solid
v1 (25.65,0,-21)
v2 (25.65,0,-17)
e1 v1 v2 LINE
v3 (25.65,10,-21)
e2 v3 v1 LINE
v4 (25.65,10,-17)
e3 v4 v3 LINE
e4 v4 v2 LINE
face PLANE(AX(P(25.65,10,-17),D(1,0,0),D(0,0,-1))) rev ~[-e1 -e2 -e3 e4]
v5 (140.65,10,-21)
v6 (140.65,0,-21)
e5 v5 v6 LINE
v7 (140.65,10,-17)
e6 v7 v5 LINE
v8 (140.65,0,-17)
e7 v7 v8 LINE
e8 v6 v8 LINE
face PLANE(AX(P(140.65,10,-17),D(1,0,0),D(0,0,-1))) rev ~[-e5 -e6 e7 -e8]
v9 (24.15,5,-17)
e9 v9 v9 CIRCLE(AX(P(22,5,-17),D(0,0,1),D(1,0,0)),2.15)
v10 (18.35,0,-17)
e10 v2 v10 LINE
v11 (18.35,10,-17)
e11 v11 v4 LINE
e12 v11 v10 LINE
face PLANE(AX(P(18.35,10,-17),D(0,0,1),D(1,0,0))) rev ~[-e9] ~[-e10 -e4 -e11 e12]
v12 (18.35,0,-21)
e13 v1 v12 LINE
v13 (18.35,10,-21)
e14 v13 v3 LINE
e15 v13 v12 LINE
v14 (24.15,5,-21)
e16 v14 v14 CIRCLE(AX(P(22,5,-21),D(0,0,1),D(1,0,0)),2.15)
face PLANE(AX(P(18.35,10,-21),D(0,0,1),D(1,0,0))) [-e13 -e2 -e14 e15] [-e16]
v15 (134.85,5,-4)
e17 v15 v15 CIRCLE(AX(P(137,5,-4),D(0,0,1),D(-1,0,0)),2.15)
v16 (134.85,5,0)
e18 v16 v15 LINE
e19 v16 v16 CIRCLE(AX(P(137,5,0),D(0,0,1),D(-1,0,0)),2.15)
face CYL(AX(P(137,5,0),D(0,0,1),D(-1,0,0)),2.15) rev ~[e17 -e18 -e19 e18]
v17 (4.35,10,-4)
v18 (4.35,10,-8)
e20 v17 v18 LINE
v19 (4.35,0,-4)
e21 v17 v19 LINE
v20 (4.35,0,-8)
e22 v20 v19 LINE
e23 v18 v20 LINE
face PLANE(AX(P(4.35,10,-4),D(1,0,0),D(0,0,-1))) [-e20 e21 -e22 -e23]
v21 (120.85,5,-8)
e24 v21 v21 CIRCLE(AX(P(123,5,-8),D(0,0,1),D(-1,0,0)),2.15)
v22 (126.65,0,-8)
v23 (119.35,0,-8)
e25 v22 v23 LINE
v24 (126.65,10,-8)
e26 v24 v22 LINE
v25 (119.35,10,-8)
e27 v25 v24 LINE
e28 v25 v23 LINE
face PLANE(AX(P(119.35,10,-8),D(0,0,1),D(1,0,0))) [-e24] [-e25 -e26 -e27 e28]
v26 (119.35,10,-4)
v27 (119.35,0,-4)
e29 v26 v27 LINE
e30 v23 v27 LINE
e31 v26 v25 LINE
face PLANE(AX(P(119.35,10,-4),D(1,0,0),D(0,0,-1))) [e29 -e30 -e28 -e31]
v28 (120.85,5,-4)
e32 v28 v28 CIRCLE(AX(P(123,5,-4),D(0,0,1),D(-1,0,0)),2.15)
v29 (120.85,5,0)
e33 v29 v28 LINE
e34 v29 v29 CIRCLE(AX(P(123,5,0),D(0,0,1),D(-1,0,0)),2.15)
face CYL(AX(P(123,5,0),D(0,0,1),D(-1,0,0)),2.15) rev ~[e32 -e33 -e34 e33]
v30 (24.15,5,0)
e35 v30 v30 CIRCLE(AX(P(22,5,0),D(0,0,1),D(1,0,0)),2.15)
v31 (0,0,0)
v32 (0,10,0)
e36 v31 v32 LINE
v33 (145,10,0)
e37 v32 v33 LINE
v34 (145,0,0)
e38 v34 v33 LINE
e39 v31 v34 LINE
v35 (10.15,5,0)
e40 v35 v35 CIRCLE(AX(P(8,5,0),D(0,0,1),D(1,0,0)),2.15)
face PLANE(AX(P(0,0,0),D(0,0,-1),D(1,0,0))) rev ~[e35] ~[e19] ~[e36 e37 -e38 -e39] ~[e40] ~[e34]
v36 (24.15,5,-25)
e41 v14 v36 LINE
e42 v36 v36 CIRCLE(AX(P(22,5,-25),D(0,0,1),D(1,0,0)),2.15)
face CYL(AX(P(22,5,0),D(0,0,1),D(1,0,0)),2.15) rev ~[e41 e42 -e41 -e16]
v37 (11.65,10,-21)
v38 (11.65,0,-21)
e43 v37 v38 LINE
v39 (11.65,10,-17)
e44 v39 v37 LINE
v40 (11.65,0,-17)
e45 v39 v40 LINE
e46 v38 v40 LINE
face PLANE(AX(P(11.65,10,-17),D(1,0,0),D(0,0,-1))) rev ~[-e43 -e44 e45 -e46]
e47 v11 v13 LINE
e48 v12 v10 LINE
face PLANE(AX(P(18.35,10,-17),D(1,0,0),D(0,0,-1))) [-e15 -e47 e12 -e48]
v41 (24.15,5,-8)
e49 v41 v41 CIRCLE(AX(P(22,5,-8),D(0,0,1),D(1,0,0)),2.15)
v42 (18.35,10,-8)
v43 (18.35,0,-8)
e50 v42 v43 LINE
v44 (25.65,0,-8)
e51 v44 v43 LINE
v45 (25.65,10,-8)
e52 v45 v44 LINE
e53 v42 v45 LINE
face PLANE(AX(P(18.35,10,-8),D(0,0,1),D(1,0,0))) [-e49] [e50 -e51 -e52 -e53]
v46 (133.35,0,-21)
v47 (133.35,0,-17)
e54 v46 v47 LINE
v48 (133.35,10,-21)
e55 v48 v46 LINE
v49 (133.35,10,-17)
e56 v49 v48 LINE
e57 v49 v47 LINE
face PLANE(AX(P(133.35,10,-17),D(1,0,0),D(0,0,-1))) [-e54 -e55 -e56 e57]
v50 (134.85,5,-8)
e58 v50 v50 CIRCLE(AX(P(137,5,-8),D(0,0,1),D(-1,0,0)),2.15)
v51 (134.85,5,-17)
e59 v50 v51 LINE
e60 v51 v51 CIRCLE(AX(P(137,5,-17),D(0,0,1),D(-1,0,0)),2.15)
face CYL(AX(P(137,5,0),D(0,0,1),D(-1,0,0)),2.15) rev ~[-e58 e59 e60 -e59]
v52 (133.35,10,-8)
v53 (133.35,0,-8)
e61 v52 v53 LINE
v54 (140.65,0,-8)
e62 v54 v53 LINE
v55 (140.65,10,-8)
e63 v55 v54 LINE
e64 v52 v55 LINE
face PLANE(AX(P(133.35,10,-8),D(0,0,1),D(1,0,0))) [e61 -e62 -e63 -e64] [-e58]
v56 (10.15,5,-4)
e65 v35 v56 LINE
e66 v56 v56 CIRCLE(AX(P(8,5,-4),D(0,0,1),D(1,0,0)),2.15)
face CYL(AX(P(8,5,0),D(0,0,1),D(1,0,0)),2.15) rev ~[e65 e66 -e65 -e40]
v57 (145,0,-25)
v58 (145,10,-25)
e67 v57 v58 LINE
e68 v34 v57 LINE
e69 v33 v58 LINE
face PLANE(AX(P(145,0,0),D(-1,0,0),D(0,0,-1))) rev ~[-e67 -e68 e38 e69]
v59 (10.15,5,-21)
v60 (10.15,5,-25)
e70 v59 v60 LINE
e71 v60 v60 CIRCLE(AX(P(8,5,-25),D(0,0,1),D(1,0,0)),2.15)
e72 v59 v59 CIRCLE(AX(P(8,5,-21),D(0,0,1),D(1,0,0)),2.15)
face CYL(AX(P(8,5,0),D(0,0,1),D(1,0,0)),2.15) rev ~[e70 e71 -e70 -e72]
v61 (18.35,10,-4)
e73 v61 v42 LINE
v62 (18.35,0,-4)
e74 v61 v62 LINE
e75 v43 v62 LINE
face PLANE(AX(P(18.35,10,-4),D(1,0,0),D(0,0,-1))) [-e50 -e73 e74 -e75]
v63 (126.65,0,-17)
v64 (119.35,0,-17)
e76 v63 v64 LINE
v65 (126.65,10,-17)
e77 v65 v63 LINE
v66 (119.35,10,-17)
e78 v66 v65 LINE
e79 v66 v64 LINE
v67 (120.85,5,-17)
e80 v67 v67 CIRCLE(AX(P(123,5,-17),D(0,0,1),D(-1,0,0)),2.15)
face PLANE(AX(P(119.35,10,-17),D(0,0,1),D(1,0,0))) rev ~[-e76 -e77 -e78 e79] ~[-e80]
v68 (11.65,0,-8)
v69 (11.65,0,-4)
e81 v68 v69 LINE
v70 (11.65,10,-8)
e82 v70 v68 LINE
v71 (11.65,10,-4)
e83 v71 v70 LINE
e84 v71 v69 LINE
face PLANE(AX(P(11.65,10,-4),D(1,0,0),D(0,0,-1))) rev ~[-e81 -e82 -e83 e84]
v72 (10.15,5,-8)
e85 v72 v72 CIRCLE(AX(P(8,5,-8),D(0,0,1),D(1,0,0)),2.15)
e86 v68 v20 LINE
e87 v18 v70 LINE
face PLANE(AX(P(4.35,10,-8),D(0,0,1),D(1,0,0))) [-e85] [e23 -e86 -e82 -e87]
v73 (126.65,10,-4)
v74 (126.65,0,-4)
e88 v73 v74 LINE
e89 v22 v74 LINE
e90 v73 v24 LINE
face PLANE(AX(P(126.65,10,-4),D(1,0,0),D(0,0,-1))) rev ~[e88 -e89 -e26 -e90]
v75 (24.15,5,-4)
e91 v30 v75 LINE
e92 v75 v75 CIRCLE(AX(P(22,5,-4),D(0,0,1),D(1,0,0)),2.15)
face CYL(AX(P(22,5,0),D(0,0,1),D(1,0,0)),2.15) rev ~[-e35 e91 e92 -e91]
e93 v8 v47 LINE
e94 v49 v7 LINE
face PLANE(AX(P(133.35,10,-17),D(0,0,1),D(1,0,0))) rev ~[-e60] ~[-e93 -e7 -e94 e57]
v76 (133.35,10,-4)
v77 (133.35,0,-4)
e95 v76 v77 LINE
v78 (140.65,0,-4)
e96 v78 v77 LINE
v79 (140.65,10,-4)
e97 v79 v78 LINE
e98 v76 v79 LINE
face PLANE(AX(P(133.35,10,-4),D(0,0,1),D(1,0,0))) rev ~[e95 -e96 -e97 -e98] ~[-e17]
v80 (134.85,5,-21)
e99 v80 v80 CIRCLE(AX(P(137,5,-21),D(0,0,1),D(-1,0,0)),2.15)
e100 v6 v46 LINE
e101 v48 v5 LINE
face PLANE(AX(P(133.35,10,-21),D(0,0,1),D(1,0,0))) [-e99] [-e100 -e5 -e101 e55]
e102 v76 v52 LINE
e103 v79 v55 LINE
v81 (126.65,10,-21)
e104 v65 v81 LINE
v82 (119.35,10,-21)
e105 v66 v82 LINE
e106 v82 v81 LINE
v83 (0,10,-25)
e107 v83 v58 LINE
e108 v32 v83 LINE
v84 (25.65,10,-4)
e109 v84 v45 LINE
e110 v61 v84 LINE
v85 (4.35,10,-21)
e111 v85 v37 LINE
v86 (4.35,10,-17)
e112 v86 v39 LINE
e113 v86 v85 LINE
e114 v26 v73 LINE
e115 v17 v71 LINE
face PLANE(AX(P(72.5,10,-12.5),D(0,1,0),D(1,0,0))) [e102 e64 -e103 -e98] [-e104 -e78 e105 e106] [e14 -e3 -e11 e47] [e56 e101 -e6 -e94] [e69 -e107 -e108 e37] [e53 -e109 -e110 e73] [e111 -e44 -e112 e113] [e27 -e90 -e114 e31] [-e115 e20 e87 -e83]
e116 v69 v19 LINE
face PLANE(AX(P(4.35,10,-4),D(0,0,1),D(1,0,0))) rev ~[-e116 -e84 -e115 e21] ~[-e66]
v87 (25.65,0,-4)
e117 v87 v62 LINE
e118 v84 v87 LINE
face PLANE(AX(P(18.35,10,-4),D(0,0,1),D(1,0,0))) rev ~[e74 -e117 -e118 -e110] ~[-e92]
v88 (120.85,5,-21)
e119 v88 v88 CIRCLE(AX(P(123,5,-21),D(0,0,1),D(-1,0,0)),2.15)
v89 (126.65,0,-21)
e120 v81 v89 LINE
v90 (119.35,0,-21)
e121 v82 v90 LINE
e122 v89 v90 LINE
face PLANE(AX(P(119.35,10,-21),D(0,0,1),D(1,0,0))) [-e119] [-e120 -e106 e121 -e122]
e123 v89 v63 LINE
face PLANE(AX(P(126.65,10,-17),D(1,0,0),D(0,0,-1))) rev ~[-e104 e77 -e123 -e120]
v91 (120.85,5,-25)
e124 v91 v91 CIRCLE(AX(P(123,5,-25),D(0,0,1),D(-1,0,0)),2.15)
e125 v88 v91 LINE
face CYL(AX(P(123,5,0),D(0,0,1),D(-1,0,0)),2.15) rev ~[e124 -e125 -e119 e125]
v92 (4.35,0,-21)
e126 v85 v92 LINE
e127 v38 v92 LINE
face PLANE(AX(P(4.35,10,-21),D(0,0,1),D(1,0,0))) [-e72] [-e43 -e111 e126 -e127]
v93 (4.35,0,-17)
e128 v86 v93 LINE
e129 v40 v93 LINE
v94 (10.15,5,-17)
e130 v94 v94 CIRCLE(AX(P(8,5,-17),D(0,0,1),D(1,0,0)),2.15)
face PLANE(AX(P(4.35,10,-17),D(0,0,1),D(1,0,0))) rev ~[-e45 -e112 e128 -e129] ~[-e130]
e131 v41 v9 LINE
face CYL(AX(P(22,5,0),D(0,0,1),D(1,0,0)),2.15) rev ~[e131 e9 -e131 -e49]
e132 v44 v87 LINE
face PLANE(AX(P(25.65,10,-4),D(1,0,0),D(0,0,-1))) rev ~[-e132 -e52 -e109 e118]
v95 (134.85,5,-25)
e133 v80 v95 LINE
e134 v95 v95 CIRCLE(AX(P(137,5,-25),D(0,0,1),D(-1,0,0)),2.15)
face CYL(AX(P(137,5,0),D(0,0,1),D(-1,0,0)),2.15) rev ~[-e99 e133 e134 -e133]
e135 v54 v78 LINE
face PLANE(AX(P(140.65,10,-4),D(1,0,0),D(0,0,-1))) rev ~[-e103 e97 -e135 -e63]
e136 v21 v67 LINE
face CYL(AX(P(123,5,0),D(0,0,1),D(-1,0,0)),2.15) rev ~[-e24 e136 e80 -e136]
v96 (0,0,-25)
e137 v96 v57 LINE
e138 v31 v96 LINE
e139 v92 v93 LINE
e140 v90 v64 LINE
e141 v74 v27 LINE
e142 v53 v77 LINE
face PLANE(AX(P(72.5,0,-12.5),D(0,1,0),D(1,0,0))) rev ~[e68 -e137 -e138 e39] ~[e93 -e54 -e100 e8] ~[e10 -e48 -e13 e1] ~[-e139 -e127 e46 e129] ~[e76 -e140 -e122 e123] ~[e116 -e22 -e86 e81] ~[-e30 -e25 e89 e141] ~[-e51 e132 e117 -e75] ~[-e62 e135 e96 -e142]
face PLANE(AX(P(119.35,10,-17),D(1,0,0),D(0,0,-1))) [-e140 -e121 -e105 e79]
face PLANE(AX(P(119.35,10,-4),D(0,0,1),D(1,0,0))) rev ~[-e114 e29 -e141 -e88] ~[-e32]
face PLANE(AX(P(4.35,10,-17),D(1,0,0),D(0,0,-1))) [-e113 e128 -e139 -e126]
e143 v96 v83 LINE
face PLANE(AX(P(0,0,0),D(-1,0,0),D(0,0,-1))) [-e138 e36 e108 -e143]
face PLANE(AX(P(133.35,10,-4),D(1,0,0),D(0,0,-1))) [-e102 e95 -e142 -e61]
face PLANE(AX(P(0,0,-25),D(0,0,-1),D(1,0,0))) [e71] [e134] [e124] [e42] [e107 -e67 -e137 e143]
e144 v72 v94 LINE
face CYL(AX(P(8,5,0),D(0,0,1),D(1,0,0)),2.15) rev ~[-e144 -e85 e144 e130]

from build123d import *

# Parameters (mm, degrees)
SKETCH1_W           = 145
SKETCH1_H           = 25
BOSS_EXTRUDE1_DEPTH = 10
SKETCH2_R           = 2.15
CUT_EXTRUDE1_DEPTH  = 148.478812038
CUT_EXTRUDE2_REACH  = 149.479
SKETCH3_W           = 7.3
SKETCH3_H           = 4


with BuildPart() as part:
    # Sketch1 → Boss-Extrude1 (new body)
    with BuildSketch(Plane(origin=(0, 0, 0), x_dir=(1, 0, 0), z_dir=(0, 1, 0))):
        with Locations((72.5, 12.5)):
            Rectangle(SKETCH1_W, SKETCH1_H)
    extrude(amount=BOSS_EXTRUDE1_DEPTH)

    # Sketch2 → Cut-Extrude1 (cut, through all)
    with BuildSketch(Plane.XY):
        with Locations((22, 5)):
            Circle(SKETCH2_R)
        with Locations((8, 5)):
            Circle(SKETCH2_R)
        with Locations(Location((123, 5, 0), (0, 0, 180))):
            Circle(SKETCH2_R)
        with Locations(Location((137, 5, 0), (0, 0, 180))):
            Circle(SKETCH2_R)
    extrude(amount=-CUT_EXTRUDE1_DEPTH, mode=Mode.SUBTRACT)

    # Sketch3 → Cut-Extrude2 (cut, up to next)
    with BuildSketch(Plane(origin=(0, 10, 0), x_dir=(1, 0, 0), z_dir=(0, 1, 0)), mode=Mode.PRIVATE) as cut_extrude2_sk1:
        with Locations((137, 19)):
            Rectangle(SKETCH3_W, SKETCH3_H)
    cut_extrude2_tool1 = extrude(cut_extrude2_sk1.sketch, amount=-CUT_EXTRUDE2_REACH, mode=Mode.PRIVATE) & part.part
    # Sketch3 → Cut-Extrude2 (cut, up to next)
    with BuildSketch(Plane(origin=(0, 10, 0), x_dir=(1, 0, 0), z_dir=(0, 1, 0)), mode=Mode.PRIVATE) as cut_extrude2_sk2:
        with Locations((137, 6)):
            Rectangle(SKETCH3_W, SKETCH3_H)
    cut_extrude2_tool2 = extrude(cut_extrude2_sk2.sketch, amount=-CUT_EXTRUDE2_REACH, mode=Mode.PRIVATE) & part.part
    # Sketch3 → Cut-Extrude2 (cut, up to next)
    with BuildSketch(Plane(origin=(0, 10, 0), x_dir=(1, 0, 0), z_dir=(0, 1, 0)), mode=Mode.PRIVATE) as cut_extrude2_sk3:
        with Locations((123, 6)):
            Rectangle(SKETCH3_W, SKETCH3_H)
    cut_extrude2_tool3 = extrude(cut_extrude2_sk3.sketch, amount=-CUT_EXTRUDE2_REACH, mode=Mode.PRIVATE) & part.part
    # Sketch3 → Cut-Extrude2 (cut, up to next)
    with BuildSketch(Plane(origin=(0, 10, 0), x_dir=(1, 0, 0), z_dir=(0, 1, 0)), mode=Mode.PRIVATE) as cut_extrude2_sk4:
        with Locations((123, 19)):
            Rectangle(SKETCH3_W, SKETCH3_H)
    cut_extrude2_tool4 = extrude(cut_extrude2_sk4.sketch, amount=-CUT_EXTRUDE2_REACH, mode=Mode.PRIVATE) & part.part
    # Sketch3 → Cut-Extrude2 (cut, up to next)
    with BuildSketch(Plane(origin=(0, 10, 0), x_dir=(1, 0, 0), z_dir=(0, 1, 0)), mode=Mode.PRIVATE) as cut_extrude2_sk5:
        with Locations((22, 19)):
            Rectangle(SKETCH3_W, SKETCH3_H)
    cut_extrude2_tool5 = extrude(cut_extrude2_sk5.sketch, amount=-CUT_EXTRUDE2_REACH, mode=Mode.PRIVATE) & part.part
    # Sketch3 → Cut-Extrude2 (cut, up to next)
    with BuildSketch(Plane(origin=(0, 10, 0), x_dir=(1, 0, 0), z_dir=(0, 1, 0)), mode=Mode.PRIVATE) as cut_extrude2_sk6:
        with Locations((22, 6)):
            Rectangle(SKETCH3_W, SKETCH3_H)
    cut_extrude2_tool6 = extrude(cut_extrude2_sk6.sketch, amount=-CUT_EXTRUDE2_REACH, mode=Mode.PRIVATE) & part.part
    # Sketch3 → Cut-Extrude2 (cut, up to next)
    with BuildSketch(Plane(origin=(0, 10, 0), x_dir=(1, 0, 0), z_dir=(0, 1, 0)), mode=Mode.PRIVATE) as cut_extrude2_sk7:
        with Locations((8, 19)):
            Rectangle(SKETCH3_W, SKETCH3_H)
    cut_extrude2_tool7 = extrude(cut_extrude2_sk7.sketch, amount=-CUT_EXTRUDE2_REACH, mode=Mode.PRIVATE) & part.part
    # Sketch3 → Cut-Extrude2 (cut, up to next)
    with BuildSketch(Plane(origin=(0, 10, 0), x_dir=(1, 0, 0), z_dir=(0, 1, 0)), mode=Mode.PRIVATE) as cut_extrude2_sk8:
        with Locations((8, 6)):
            Rectangle(SKETCH3_W, SKETCH3_H)
    cut_extrude2_tool8 = extrude(cut_extrude2_sk8.sketch, amount=-CUT_EXTRUDE2_REACH, mode=Mode.PRIVATE) & part.part
    add(cut_extrude2_tool1.solids().sort_by_distance((137, 10, -19))[0], mode=Mode.SUBTRACT)
    add(cut_extrude2_tool2.solids().sort_by_distance((137, 10, -6))[0], mode=Mode.SUBTRACT)
    add(cut_extrude2_tool3.solids().sort_by_distance((123, 10, -6))[0], mode=Mode.SUBTRACT)
    add(cut_extrude2_tool4.solids().sort_by_distance((123, 10, -19))[0], mode=Mode.SUBTRACT)
    add(cut_extrude2_tool5.solids().sort_by_distance((22, 10, -19))[0], mode=Mode.SUBTRACT)
    add(cut_extrude2_tool6.solids().sort_by_distance((22, 10, -6))[0], mode=Mode.SUBTRACT)
    add(cut_extrude2_tool7.solids().sort_by_distance((8, 10, -19))[0], mode=Mode.SUBTRACT)
    add(cut_extrude2_tool8.solids().sort_by_distance((8, 10, -6))[0], mode=Mode.SUBTRACT)


solid = part.part
